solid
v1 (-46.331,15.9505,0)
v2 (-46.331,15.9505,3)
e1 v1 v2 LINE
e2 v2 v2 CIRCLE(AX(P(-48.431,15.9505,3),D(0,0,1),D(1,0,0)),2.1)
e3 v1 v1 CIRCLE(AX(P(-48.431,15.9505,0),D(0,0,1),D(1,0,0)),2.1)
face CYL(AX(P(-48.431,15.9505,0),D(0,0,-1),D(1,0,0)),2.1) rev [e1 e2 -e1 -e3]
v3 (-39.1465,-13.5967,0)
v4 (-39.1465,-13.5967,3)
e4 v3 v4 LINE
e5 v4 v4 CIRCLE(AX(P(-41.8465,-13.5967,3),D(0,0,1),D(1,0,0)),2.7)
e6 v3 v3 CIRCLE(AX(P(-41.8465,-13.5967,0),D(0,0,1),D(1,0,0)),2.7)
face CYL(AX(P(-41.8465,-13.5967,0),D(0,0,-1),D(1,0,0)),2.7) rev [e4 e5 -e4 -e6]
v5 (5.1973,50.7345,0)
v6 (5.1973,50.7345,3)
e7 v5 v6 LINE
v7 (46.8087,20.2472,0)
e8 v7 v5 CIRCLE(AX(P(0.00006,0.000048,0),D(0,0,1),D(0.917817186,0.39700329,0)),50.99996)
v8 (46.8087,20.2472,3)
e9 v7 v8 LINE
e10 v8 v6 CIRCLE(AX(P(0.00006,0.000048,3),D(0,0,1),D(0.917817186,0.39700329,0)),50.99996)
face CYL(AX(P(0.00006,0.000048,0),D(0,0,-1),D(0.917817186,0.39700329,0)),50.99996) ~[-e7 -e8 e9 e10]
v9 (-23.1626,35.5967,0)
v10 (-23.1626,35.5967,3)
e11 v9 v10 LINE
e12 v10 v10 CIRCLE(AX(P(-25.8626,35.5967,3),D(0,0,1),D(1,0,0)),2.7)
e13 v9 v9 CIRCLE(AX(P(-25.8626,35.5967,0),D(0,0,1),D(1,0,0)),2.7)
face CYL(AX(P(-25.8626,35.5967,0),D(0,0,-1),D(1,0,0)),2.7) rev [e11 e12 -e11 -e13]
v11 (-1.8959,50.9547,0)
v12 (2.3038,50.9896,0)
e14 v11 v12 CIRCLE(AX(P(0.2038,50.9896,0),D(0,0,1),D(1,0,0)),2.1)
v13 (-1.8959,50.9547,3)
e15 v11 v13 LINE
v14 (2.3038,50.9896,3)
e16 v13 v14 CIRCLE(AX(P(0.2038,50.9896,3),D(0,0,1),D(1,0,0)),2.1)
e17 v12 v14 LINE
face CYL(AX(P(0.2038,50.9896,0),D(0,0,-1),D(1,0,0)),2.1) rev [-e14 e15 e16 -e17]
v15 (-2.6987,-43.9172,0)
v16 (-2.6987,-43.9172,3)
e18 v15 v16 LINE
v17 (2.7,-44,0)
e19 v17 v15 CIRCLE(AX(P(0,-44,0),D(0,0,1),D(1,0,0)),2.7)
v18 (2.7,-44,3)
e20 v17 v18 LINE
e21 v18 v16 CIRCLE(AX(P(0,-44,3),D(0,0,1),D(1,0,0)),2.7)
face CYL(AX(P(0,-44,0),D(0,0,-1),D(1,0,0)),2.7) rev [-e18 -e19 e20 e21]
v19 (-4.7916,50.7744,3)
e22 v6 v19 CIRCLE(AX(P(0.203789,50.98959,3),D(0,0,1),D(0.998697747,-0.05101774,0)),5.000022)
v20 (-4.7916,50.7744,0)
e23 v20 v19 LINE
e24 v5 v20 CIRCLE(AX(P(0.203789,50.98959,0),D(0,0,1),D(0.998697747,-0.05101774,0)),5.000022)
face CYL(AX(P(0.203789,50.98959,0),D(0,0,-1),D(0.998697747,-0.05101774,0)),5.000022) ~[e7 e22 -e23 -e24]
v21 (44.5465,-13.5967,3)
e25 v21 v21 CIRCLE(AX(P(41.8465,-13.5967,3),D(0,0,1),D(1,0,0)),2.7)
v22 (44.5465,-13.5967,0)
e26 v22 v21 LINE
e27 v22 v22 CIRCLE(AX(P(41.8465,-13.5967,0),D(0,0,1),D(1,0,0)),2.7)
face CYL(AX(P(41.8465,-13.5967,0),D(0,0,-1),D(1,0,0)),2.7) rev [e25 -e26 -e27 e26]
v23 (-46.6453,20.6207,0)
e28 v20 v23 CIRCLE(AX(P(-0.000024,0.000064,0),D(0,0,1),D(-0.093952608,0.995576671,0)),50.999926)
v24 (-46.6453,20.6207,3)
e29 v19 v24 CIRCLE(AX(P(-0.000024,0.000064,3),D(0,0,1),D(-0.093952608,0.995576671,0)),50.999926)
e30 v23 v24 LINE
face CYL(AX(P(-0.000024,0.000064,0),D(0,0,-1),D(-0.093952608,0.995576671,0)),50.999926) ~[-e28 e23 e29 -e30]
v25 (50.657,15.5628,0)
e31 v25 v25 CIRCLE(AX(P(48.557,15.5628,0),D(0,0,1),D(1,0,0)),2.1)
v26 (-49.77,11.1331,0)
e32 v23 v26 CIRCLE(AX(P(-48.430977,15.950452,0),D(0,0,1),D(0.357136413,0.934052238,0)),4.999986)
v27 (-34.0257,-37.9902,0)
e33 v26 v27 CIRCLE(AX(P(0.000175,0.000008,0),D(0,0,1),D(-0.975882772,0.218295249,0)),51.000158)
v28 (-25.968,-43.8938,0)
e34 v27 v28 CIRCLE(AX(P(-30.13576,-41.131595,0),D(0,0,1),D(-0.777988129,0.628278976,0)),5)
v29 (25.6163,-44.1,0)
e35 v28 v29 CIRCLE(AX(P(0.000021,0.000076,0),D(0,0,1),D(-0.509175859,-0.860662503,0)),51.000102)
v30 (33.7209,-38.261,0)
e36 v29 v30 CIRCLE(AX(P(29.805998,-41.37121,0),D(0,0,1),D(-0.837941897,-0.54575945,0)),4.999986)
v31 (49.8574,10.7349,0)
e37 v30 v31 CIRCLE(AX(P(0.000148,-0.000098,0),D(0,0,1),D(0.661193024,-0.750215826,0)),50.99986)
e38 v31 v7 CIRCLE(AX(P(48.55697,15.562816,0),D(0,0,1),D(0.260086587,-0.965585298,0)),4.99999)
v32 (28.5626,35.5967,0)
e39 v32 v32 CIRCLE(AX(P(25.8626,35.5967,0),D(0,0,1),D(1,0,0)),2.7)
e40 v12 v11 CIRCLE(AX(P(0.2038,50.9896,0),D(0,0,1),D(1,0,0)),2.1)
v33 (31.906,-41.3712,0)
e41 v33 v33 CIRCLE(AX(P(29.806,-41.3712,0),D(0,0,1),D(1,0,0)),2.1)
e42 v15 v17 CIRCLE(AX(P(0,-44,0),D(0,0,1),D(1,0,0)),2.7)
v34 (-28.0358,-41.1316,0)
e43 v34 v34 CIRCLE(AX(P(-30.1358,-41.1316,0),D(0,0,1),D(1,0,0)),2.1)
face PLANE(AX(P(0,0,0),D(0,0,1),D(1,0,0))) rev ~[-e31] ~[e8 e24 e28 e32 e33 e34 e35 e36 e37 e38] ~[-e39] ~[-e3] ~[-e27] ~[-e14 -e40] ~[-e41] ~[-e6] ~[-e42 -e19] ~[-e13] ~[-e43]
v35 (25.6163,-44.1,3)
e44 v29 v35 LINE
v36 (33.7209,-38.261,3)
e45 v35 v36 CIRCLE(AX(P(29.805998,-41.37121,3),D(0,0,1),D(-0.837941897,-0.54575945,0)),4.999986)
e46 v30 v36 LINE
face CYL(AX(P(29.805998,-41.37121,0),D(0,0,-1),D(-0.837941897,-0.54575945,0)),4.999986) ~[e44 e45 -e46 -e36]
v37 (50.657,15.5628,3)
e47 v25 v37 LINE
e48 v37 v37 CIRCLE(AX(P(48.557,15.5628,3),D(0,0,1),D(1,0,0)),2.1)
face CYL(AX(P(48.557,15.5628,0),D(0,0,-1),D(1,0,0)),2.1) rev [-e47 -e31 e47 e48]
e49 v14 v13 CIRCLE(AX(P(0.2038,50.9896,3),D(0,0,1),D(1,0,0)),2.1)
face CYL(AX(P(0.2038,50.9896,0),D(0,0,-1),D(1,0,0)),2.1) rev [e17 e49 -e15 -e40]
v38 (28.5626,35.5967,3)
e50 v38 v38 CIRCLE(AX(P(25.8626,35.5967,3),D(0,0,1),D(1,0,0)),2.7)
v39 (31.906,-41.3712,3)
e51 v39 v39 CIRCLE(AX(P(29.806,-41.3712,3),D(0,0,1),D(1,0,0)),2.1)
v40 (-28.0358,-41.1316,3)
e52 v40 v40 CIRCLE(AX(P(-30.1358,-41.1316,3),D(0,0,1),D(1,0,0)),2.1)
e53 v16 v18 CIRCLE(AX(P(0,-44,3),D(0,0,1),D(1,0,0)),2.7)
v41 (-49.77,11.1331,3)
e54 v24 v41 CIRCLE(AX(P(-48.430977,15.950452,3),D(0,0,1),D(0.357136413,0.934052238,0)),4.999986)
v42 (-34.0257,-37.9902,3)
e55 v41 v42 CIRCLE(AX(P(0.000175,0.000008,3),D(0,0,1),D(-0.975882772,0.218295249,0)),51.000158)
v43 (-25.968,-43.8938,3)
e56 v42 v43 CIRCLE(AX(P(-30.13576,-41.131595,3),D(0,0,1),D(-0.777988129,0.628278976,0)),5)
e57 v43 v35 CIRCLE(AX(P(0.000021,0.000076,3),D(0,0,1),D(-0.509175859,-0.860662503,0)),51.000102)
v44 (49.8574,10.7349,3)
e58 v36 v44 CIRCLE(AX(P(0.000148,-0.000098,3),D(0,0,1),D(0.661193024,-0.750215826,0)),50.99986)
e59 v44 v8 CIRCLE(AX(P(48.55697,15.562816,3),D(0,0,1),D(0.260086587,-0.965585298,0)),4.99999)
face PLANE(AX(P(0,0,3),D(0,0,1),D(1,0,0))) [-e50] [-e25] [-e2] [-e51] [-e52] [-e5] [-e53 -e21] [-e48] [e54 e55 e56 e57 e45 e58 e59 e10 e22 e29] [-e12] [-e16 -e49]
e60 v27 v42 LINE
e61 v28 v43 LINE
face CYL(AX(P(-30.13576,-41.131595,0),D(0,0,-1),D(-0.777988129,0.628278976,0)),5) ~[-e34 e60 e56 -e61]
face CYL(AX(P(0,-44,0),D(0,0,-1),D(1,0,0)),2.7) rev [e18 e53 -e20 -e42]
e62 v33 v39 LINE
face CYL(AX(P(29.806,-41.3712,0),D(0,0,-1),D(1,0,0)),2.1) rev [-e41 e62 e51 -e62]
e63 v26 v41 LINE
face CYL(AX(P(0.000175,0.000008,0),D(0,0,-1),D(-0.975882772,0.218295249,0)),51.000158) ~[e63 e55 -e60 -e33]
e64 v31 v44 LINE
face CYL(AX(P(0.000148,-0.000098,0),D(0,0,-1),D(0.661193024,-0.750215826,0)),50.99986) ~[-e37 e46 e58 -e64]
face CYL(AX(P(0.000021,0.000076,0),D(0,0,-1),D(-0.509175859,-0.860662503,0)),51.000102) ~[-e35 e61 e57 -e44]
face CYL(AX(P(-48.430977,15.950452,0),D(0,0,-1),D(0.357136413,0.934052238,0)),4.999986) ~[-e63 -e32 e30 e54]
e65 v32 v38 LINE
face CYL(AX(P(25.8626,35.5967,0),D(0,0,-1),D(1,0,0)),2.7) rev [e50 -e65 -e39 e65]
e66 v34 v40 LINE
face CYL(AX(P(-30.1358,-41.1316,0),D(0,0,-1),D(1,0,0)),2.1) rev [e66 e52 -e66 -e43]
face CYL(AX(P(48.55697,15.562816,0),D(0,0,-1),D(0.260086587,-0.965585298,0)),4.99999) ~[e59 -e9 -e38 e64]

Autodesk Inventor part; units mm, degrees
ref_plane "YZ Plane" through (0, 0, 0) normal (1, 0, 0) x (0, 1, 0)
ref_plane "XZ Plane" through (0, 0, 0) normal (0, 1, 0) x (-1, 0, 0)
ref_plane "XY Plane" through (0, 0, 0) normal (0, 0, 1) x (1, 0, 0)
sketch "Sketch1" plane through (0, 0, 0) normal (0, 1, 0) x (-1, 0, 0)
  point P0 (0, 0)
sketch "Sketch2" plane through (0, 0, 0) normal (0, 0, 1) x (1, 0, 0)
  circle A0 centre (0, -44) radius 2.7
  circle A1 centre (-41.8465, -13.5967) radius 2.7
  circle A2 centre (-25.8626, 35.5967) radius 2.7
  circle A3 centre (25.8626, 35.5967) radius 2.7
  circle A4 centre (41.8465, -13.5967) radius 2.7
  arc A5 (5.1973, 50.7345) -> (-4.7916, 50.7744) centre (0.2038, 50.9896) ccw
  circle A6 centre (0.2038, 50.9896) radius 2.1
  arc A7 (0.2038, 50.9896) -> (-1.8959, 50.9547) centre (0, 0) ccw
  arc A8 (-2.6987, -43.9172) -> (0, -44) centre (0, 0) ccw
  arc A9 (-46.6453, 20.6207) -> (-49.77, 11.1331) centre (-48.431, 15.9505) ccw
  circle A10 centre (-48.431, 15.9505) radius 2.1
  arc A11 (-34.0257, -37.9902) -> (-25.968, -43.8938) centre (-30.1358, -41.1316) ccw
  circle A12 centre (-30.1358, -41.1316) radius 2.1
  arc A13 (25.6163, -44.1) -> (33.7209, -38.261) centre (29.806, -41.3712) ccw
  circle A14 centre (29.806, -41.3712) radius 2.1
  arc A15 (49.8574, 10.7349) -> (46.8087, 20.2472) centre (48.557, 15.5628) ccw
  circle A16 centre (48.557, 15.5628) radius 2.1
  arc A17 (-4.7916, 50.7744) -> (-46.6453, 20.6207) centre (0, 0) ccw
  arc A18 (-49.77, 11.1331) -> (-34.0257, -37.9902) centre (0, 0) ccw
  arc A19 (-25.968, -43.8938) -> (25.6163, -44.1) centre (0, 0) ccw
  arc A20 (33.7209, -38.261) -> (49.8574, 10.7349) centre (0, 0) ccw
  arc A21 (46.8087, 20.2472) -> (5.1973, 50.7345) centre (0, 0) ccw
  point P0 (2.3032, 50.9382)
  point P1 (-49.0467, 13.9428)
  point P2 (-47.7333, 17.9312)
  point P3 (-31.804, -39.8561)
  point P4 (28.0774, -42.5636)
  point P5 (49.1568, 13.5503)
  point P6 (-28.4166, -42.3376)
  point P7 (31.4843, -40.1089)
  point P8 (47.875, 17.549)
  dimension "d2" = 5.4
  dimension "d5" = 360
  dimension "d7" = 10
  dimension "d8" = 4.2
  dimension "d11" = 360
  dimension "d15" = 51
extrude "BaseSuelo" add sketch "Sketch2" along normal blind 3
properties part number "Base_Suelo"
